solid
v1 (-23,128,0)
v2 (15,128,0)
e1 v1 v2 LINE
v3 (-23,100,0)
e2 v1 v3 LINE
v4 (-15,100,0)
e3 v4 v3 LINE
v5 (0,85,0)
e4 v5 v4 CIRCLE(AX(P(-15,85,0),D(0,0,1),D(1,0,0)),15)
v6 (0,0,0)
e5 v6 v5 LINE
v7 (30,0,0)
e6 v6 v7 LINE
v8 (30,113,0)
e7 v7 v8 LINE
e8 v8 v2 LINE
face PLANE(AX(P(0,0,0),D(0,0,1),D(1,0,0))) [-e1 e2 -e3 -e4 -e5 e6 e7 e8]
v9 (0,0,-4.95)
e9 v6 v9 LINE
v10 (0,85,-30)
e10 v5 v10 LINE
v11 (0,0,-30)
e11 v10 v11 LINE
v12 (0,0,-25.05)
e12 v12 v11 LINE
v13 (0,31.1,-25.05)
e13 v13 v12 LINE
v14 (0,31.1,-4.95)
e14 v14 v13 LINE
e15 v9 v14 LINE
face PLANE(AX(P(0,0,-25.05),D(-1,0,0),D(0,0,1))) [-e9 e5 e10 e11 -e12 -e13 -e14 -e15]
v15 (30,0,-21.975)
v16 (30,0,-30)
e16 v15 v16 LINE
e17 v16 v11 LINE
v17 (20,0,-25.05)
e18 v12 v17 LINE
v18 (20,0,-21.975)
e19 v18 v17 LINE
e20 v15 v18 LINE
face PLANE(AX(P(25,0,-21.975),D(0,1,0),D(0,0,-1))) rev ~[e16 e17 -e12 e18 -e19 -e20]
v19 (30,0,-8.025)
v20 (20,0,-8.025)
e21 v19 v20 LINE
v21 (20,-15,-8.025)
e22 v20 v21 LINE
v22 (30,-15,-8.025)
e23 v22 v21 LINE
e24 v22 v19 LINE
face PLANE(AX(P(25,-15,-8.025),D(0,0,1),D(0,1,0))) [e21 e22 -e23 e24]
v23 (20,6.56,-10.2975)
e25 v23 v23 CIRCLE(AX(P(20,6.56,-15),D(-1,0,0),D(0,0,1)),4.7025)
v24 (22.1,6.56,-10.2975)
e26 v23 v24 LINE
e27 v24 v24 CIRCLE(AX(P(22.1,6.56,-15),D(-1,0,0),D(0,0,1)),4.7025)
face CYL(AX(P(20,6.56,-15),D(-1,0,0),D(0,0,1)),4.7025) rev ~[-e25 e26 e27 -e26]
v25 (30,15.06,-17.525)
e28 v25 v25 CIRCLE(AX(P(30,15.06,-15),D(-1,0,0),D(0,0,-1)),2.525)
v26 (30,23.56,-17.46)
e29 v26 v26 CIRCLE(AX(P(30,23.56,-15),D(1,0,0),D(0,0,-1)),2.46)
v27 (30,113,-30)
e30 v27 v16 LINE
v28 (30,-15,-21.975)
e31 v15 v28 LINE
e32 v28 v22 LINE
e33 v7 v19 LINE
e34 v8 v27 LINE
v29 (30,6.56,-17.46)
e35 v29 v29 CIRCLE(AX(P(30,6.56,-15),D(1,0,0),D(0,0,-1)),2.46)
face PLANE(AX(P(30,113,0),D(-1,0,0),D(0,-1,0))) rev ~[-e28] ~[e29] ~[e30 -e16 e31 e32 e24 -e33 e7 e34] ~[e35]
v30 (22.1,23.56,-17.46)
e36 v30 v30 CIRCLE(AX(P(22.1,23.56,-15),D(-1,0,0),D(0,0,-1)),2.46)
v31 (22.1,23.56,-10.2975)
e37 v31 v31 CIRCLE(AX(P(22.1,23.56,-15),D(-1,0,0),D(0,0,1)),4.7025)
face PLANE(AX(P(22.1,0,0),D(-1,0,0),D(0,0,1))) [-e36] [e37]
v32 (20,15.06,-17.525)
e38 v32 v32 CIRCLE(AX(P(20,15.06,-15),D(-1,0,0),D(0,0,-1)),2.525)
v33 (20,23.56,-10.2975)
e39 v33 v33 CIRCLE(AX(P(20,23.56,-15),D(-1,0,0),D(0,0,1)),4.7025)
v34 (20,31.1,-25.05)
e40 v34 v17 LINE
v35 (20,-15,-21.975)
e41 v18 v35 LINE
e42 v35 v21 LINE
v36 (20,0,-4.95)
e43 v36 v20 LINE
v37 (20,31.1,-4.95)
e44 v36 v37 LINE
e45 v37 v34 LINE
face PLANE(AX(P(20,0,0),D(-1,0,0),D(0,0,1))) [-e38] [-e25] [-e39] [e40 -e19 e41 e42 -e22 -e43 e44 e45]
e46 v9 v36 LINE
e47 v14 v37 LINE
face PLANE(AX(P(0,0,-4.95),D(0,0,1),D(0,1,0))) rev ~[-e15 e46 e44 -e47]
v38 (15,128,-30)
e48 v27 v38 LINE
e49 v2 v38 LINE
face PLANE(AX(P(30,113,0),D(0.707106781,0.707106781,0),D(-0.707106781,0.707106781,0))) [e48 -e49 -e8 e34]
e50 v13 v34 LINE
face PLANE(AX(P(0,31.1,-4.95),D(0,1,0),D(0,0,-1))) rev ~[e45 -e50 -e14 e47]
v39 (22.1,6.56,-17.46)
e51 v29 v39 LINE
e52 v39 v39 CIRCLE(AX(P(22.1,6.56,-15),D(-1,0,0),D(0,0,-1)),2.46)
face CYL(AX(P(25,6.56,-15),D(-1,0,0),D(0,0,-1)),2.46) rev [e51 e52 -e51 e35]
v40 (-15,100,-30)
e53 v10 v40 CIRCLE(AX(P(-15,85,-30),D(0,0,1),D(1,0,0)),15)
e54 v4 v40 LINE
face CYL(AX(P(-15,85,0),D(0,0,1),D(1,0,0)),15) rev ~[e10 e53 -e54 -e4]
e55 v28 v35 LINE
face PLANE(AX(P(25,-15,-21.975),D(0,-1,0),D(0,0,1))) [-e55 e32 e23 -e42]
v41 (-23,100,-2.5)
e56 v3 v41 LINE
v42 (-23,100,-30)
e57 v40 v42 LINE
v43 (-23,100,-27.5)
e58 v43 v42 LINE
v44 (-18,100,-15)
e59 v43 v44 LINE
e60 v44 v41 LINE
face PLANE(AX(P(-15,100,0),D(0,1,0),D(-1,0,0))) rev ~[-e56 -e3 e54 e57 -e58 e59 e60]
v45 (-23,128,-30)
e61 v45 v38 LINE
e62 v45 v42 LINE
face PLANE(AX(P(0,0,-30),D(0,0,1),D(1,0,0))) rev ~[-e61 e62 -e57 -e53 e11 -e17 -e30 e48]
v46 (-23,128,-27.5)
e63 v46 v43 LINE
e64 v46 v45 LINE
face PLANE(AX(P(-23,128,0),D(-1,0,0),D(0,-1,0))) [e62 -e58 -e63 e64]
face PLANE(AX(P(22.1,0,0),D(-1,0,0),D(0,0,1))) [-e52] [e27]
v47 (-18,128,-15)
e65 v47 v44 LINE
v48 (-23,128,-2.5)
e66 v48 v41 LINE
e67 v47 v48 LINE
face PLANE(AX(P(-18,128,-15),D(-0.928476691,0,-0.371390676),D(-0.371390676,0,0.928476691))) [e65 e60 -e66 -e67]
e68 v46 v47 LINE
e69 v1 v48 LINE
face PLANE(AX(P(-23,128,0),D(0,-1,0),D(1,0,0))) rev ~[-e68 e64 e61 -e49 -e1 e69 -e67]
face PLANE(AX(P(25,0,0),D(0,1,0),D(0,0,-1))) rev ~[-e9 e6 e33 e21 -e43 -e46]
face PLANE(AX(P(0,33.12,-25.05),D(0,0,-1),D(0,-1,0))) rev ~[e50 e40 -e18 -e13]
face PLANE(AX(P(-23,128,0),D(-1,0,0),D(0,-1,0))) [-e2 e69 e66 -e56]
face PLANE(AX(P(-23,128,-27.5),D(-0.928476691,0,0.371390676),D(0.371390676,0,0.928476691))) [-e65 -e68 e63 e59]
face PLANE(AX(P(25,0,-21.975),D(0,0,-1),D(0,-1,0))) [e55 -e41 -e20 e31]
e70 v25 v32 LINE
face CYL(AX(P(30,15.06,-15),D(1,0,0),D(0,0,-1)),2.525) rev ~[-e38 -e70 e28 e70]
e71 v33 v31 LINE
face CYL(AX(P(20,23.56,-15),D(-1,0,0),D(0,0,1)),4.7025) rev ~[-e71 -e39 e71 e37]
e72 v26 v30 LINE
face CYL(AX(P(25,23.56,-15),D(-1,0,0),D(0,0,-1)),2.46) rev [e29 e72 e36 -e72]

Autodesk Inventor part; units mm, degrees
ref_plane "YZ Plane" through (0, 0, 0) normal (1, 0, 0) x (0, 1, 0)
ref_plane "XZ Plane" through (0, 0, 0) normal (0, 1, 0) x (-1, 0, 0)
ref_plane "XY Plane" through (0, 0, 0) normal (0, 0, 1) x (1, 0, 0)
sketch "Sketch1" plane through (0, 0, 0) normal (0, 0, 1) x (1, 0, 0)
  line L0 (0, 0) -> (25, 0)
  line L1 (25, 0) -> (25, 40)
  line L2 (25, 40) -> (0, 40)
  line L3 (0, 40) -> (0, 0)
  dimension "d1" = 25
  dimension "d2" = 40
  dimension "d3" = 25
extrude "Extrusion1" add sketch "Sketch1" against normal blind 30
sketch "Sketch2" plane through (25, 0, 0) normal (1, 0, 0) x (0, 0, -1)
  line L0 (0, 0) -> (30, 0) projected
  circle A0 centre (15, 6.56) radius 2.46
extrude "Extrusion2" cut sketch "Sketch2" against normal blind 30
sketch "Sketch3" plane through (0, 0, 0) normal (-1, 0, 0) x (0, 0, 1)
  line L0 (0, 0) -> (-30, 0) projected
  line L1 (-25.05, 0) -> (-4.95, 0)
  line L2 (-4.95, 0) -> (-4.95, 33.12)
  line L3 (-4.95, 33.12) -> (-25.05, 33.12)
  line L4 (-25.05, 33.12) -> (-25.05, 0)
  dimension "d11" = 20.1
extrude "Extrusion3" cut sketch "Sketch3" against normal blind 20
sketch "Sketch4" plane through (0, 0, 0) normal (0, -1, 0) x (1, 0, 0)
  line L0 (20, -4.95) -> (20, -25.05) projected
  line L1 (20, -15) -> (25, -15)
  line L2 (25, 0) -> (25, -30) projected
  line L3 (20, -8.025) -> (25, -8.025)
  line L4 (25, -8.025) -> (25, -21.975)
  line L5 (25, -21.975) -> (20, -21.975)
  line L6 (20, -21.975) -> (20, -8.025)
  line L7 (20, -8.025) -> (25, -21.975) construction
  line L8 (25, -8.025) -> (20, -21.975) construction
  line L9 (25, -12.54) -> (25, -17.46) projected
  point P0 (0, 0)
  point P1 (22.5, -15)
  dimension "d14" = 13.95
extrude "Extrusion4" add sketch "Sketch4" along normal blind 15
sketch "Sketch5" plane through (20, 0, 0) normal (-1, 0, 0) x (0, 0, 1)
  circle A0 centre (-15, 6.56) radius 2.46 projected
  circle A1 centre (-15, 6.56) radius 4.7025
  circle A2 centre (-15, 6.56) radius 2.46 projected
  circle A3 centre (-15, 6.56) radius 2.46
  point P0 (0, 0)
  dimension "d17" = 9.405
extrude "Extrusion5" cut sketch "Sketch5" against normal blind 2.1
sketch "Sketch6" plane through (25, 0, 0) normal (1, 0, 0) x (0, 0, -1)
  circle A0 centre (15, 6.56) radius 4.7025 projected
  line L0 (15, 6.56) -> (15, 23.56)
  circle A1 centre (15, 23.56) radius 2.46
  point P0 (0, 0)
  dimension "d20" = 17
  dimension "d21" = 4.92
extrude "Extrusion6" cut sketch "Sketch6" against normal blind 10 contours A1
sketch "Sketch7" plane through (20, 0, 0) normal (-1, 0, 0) x (0, 0, 1)
  circle A0 centre (-15, 23.56) radius 2.46 projected
  circle A1 centre (-15, 23.56) radius 4.7025
  point P0 (0, 0)
  dimension "d24" = 9.405
extrude "Extrusion7" cut sketch "Sketch7" against normal blind 2.1
sketch "Sketch9" plane through (25, 0, 0) normal (1, 0, 0) x (0, 0, -1)
  circle A0 centre (15, 6.56) radius 2.46 projected
  circle A1 centre (15, 6.56) radius 2.46
  circle A2 centre (15, 23.56) radius 2.46 projected
  circle A3 centre (15, 23.56) radius 2.46
  line L0 (30, 40) -> (30, 0) projected
  line L1 (30, 0) -> (30, 40)
  line L2 (30, 40) -> (0, 40)
  line L3 (0, 40) -> (0, 0)
  line L4 (0, 0) -> (8.025, 0) projected
  line L5 (21.975, 0) -> (21.975, -15)
  line L6 (21.975, -15) -> (8.025, -15)
  line L7 (8.025, -15) -> (8.025, 0)
  line L8 (0, 0) -> (8.025, 0)
  line L9 (21.975, 0) -> (30, 0)
extrude "Extrusion8" add sketch "Sketch9" along normal blind 5
sketch "Sketch10" plane through (0, 40, 0) normal (0, 1, 0) x (1, 0, 0)
  line L0 (0, 30) -> (30, 30) projected
  line L1 (30, 0) -> (0, 0) projected
  line L2 (0, 30) -> (30, 30)
  line L3 (30, 30) -> (30, 0)
  line L4 (30, 0) -> (0, 0)
  line L5 (0, 0) -> (0, 30)
extrude "Extrusion9" add sketch "Sketch10" along normal blind 30
sketch "Sketch12" plane through (30, 0, 0) normal (1, 0, 0) x (0, 0, -1)
  circle A0 centre (15, 6.56) radius 2.46 projected
  line L0 (15, 6.56) -> (15, 15.06)
  circle A1 centre (15, 15.06) radius 2.525
  point P0 (0, 0)
  dimension "d31" = 8.5
  dimension "d33" = 5.05
extrude "Extrusion10" cut sketch "Sketch12" against normal blind 30 contours A1
sketch "Sketch14" plane through (0, 0, 0) normal (0, 0, 1) x (1, 0, 0)
  line L0 (30, 70) -> (0, 70) projected
  line L1 (0, 70) -> (0, 85)
  line L2 (-15, 100) -> (-23, 100)
  line L3 (30, 0) -> (30, 70) projected
  line L4 (30, 113) -> (30, 70)
  arc A0 (0, 85) -> (-15, 100) centre (-15, 85) ccw
  line L5 (30, 105) -> (30, 100)
  line L6 (-23, 128) -> (15, 128)
  line L7 (30, 113) -> (15, 128)
  line L8 (-23, 128) -> (-23, 100)
  point P0 (0, 0)
  point P1 (0, 100)
  dimension "d47" = 30
  dimension "d54" = 15
  dimension "d69" = 28
extrude "Extrusion12" add sketch "Sketch14" against normal blind 30
sketch "Sketch15" plane through (0, 0, -25.05) normal (-1, 0, 0) x (0, 0, 1)
  line L0 (0, 33.12) -> (20.1, 33.12) projected
  line L1 (20.1, 33.12) -> (20.1, 0) projected
  line L2 (0, 33.12) -> (20.1, 33.12)
  line L3 (20.1, 33.12) -> (20.1, 31.1)
  line L4 (20.1, 31.1) -> (0, 31.1)
  line L5 (0, 31.1) -> (0, 33.12)
  point P0 (25.05, 0)
  dimension "d57" = 2.02
extrude "Extrusion13" add sketch "Sketch15" against normal blind 20
sketch "Sketch23" plane through (-23, 128, 0) normal (0, 1, 0) x (1, 0, 0)
  line L0 (0, 0) -> (0, 30) projected
  line L1 (0, 15) -> (0, 2.5)
  line L2 (0, 27.5) -> (0, 15)
  line L3 (0, 27.5) -> (5, 15)
  line L4 (5, 15) -> (0, 2.5)
  point P0 (23, 0)
  dimension "d87" = 12.5
extrude "Extrusion16" cut sketch "Sketch23" against normal through all
properties part number "orien_b_20mm"
